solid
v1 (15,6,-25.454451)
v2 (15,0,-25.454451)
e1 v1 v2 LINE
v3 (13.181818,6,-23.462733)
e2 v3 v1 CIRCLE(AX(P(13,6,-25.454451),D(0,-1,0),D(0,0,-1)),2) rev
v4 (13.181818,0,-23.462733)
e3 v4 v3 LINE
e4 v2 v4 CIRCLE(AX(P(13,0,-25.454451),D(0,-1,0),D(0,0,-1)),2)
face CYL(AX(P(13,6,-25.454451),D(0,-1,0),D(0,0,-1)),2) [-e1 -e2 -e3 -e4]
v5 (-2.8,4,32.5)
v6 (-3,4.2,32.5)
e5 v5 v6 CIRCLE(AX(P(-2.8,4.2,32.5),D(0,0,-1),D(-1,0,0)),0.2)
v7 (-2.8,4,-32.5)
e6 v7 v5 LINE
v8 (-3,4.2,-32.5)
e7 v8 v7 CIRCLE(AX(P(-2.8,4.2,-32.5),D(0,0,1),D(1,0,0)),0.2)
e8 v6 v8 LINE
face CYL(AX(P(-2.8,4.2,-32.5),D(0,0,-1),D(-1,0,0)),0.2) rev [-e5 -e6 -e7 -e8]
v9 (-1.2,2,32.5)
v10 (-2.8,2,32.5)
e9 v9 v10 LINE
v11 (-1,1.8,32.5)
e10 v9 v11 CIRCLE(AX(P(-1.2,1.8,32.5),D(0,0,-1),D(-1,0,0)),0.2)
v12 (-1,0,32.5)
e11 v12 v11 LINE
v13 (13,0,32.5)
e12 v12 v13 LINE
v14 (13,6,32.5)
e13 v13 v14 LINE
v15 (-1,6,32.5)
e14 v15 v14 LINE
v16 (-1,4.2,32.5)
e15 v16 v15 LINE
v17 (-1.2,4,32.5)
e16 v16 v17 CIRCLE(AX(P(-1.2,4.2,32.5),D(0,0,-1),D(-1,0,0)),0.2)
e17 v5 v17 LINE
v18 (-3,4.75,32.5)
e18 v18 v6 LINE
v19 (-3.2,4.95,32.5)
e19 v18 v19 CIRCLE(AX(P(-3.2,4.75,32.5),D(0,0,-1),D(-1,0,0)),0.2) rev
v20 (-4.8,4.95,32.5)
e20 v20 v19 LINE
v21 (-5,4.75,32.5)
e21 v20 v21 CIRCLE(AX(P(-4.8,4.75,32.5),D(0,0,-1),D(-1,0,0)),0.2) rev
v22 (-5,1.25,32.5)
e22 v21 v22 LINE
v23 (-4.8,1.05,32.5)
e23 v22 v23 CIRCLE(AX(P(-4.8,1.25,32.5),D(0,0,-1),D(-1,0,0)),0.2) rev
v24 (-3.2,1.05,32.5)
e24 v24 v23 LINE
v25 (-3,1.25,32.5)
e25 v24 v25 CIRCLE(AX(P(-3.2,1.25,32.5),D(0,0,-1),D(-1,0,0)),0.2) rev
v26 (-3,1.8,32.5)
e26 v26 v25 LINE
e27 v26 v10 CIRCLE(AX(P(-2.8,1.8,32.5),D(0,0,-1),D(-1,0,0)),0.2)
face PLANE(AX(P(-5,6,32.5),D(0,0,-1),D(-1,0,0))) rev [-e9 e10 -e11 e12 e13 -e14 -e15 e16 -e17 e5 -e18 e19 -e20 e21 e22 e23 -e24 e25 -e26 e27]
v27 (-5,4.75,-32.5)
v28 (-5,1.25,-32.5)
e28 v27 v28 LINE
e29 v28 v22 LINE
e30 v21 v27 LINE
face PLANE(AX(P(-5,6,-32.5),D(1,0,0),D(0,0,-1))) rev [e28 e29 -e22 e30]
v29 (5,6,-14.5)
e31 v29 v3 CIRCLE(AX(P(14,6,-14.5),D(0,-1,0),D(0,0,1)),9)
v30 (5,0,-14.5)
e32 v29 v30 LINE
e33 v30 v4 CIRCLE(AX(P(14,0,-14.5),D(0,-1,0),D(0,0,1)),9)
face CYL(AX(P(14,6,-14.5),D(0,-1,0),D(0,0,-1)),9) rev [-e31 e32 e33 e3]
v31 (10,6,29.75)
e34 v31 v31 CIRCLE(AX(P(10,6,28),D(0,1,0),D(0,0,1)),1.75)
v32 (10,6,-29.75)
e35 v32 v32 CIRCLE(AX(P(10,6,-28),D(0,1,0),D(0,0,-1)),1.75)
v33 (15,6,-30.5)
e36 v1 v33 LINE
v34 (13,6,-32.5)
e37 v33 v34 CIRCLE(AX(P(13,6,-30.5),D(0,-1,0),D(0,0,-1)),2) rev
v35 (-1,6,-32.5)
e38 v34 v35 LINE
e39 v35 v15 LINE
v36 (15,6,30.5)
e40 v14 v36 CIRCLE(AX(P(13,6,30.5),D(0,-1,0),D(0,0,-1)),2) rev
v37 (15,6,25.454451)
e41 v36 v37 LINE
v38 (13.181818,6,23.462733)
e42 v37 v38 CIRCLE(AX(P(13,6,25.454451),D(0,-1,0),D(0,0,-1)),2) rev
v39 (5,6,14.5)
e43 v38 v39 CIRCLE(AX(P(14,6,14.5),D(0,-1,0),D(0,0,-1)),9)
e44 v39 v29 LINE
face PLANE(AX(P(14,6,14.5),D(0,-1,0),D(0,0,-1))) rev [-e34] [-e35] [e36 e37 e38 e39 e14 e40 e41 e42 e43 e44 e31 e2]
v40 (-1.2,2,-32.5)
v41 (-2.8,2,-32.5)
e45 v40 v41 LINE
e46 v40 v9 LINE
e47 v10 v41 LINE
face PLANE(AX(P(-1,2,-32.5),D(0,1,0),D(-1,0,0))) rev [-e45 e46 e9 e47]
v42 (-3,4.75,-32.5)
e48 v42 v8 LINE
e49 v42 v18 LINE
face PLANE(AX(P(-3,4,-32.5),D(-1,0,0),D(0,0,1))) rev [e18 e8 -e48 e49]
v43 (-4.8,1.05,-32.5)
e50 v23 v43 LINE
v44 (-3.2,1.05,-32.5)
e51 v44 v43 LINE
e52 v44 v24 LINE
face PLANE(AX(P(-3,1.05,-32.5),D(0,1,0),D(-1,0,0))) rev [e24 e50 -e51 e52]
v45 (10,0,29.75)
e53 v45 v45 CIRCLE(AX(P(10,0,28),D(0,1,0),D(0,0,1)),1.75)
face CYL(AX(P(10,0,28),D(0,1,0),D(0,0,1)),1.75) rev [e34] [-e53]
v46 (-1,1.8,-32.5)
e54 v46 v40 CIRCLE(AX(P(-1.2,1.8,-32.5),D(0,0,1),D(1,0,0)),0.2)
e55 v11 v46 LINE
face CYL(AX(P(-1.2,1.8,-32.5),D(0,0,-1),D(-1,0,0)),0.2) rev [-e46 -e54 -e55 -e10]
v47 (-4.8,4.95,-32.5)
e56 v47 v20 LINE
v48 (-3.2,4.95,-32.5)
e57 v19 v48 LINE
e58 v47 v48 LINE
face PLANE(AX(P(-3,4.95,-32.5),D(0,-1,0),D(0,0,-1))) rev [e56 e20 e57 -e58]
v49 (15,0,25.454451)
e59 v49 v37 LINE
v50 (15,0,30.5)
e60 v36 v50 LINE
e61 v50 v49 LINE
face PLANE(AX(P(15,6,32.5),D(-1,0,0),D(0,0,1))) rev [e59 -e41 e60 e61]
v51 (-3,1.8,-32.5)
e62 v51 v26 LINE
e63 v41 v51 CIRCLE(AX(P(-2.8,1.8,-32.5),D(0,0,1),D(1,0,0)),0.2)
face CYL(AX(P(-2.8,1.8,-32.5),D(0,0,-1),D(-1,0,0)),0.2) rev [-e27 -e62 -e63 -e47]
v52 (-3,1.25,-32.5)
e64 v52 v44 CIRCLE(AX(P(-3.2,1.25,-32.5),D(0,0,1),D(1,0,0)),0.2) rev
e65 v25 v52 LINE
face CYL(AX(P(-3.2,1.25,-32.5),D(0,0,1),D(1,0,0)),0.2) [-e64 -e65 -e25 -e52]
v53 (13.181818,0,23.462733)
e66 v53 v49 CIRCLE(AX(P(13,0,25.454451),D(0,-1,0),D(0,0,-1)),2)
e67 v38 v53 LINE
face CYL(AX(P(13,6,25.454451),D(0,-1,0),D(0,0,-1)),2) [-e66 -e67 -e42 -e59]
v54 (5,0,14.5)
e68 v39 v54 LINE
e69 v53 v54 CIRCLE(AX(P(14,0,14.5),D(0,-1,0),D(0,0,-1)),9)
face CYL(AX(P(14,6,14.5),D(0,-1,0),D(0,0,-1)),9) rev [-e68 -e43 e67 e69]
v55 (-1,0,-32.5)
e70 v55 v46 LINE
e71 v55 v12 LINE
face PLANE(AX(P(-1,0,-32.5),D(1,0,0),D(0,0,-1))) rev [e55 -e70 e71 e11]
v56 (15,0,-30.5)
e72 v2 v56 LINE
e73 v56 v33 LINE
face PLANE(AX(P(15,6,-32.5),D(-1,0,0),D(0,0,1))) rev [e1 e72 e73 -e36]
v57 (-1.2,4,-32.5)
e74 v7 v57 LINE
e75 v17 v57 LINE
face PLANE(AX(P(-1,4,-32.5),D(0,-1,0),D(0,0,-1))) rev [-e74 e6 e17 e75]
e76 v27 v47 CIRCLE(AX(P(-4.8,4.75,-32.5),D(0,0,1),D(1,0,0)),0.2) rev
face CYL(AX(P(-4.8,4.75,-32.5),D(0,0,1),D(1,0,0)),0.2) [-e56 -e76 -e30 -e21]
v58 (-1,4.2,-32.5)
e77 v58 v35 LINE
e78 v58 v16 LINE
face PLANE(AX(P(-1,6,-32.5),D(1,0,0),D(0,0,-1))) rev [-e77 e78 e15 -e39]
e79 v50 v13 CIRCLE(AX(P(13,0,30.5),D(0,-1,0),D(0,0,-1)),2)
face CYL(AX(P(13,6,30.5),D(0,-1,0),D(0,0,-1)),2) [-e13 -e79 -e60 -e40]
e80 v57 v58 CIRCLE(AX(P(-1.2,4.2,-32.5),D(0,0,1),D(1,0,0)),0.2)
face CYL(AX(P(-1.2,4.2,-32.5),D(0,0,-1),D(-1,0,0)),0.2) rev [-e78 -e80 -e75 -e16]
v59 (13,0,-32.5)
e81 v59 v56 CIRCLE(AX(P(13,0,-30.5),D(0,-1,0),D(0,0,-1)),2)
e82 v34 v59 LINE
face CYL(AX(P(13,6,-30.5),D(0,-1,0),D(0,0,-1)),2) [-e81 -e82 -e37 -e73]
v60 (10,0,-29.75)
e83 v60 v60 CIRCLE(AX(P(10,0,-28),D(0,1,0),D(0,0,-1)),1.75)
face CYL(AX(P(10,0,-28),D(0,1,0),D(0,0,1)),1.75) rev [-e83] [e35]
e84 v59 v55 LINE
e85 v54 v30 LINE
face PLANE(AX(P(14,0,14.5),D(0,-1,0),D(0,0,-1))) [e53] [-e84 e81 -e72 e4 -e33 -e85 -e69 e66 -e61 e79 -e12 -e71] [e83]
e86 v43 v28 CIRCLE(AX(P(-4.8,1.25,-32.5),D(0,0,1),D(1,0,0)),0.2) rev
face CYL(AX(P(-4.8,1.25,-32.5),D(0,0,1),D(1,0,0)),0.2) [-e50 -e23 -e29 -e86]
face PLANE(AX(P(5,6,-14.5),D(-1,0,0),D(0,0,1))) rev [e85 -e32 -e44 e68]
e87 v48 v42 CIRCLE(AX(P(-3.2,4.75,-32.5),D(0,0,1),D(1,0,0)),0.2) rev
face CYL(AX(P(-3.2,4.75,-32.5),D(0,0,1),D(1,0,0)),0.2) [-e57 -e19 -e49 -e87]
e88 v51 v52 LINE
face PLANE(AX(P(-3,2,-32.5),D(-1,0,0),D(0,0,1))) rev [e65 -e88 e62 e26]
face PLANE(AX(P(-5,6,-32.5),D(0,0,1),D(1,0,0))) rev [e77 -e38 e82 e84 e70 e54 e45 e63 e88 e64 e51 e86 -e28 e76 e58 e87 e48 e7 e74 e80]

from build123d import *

# Parameters (mm, degrees)
SALIENTE_EXTRUIR1_DEPTH = 6
CROQUIS2_R              = 1.75
CORTAR_EXTRUIR1_DEPTH   = 6
CORTAR_EXTRUIR2_DEPTH   = 67.977608199
REDONDEO1_R             = 0.2
REDONDEO2_R             = 2


with BuildPart() as part:
    # Croquis1 → Saliente-Extruir1 (new body)
    with BuildSketch(Plane(origin=(0, 0, 0), x_dir=(1, 0, 0), z_dir=(0, 1, 0))):
        with BuildLine():
            Line((-5, 32.5), (5, 32.5))
            Line((5, 32.5), (15, 32.5))
            Line((15, 32.5), (15, 23.5))
            Line((15, 23.5), (14, 23.5))
            ThreePointArc((14, 23.5), (7.636038969, 20.863961031), (5, 14.5))
            Line((5, 14.5), (5, -14.5))
            ThreePointArc((5, -14.5), (7.636038969, -20.863961031), (14, -23.5))
            Line((14, -23.5), (15, -23.5))
            Line((15, -23.5), (15, -32.5))
            Line((15, -32.5), (5, -32.5))
            Line((5, -32.5), (-5, -32.5))
            Line((-5, -32.5), (-5, 32.5))
        make_face()
    extrude(amount=SALIENTE_EXTRUIR1_DEPTH)

    # Croquis2 → Cortar-Extruir1 (cut)
    with BuildSketch(Plane(origin=(0, 6, 0), x_dir=(1, 0, 0), z_dir=(0, 1, 0))):
        with Locations(Location((10, -28, 0), (0, 0, 270))):
            Circle(CROQUIS2_R)
        with Locations(Location((10, 28, 0), (0, 0, 90))):
            Circle(CROQUIS2_R)
    extrude(amount=-CORTAR_EXTRUIR1_DEPTH, mode=Mode.SUBTRACT)

    # Croquis4 → Cortar-Extruir2 (cut, through all)
    with BuildSketch(Plane.XY.offset(32.5)):
        Polygon((-5, 0), (-1, 0), (-1, 2), (-3, 2), (-3, 1.05), (-5, 1.05), align=None)
        Polygon((-5, 6), (-1, 6), (-1, 4), (-3, 4), (-3, 4.95), (-5, 4.95), align=None)
    extrude(amount=-CORTAR_EXTRUIR2_DEPTH, mode=Mode.SUBTRACT)

    # Redondeo1
    redondeo1_edges = [part.edges().sort_by_distance(p)[0] for p in [
        (-5, 1.05, 0),
        (-3, 1.05, 0),
        (-3, 2, 0),
        (-1, 2, 0),
        (-5, 4.95, 0),
        (-1, 4, 0),
        (-3, 4, 0),
        (-3, 4.95, 0),
    ]]
    fillet(redondeo1_edges, radius=REDONDEO1_R)

    # Redondeo2
    redondeo2_edges = [part.edges().sort_by_distance(p)[0] for p in [
        (15, 3, 32.5),
        (15, 3, 23.5),
        (15, 3, -23.5),
        (15, 3, -32.5),
    ]]
    fillet(redondeo2_edges, radius=REDONDEO2_R)


solid = part.part
